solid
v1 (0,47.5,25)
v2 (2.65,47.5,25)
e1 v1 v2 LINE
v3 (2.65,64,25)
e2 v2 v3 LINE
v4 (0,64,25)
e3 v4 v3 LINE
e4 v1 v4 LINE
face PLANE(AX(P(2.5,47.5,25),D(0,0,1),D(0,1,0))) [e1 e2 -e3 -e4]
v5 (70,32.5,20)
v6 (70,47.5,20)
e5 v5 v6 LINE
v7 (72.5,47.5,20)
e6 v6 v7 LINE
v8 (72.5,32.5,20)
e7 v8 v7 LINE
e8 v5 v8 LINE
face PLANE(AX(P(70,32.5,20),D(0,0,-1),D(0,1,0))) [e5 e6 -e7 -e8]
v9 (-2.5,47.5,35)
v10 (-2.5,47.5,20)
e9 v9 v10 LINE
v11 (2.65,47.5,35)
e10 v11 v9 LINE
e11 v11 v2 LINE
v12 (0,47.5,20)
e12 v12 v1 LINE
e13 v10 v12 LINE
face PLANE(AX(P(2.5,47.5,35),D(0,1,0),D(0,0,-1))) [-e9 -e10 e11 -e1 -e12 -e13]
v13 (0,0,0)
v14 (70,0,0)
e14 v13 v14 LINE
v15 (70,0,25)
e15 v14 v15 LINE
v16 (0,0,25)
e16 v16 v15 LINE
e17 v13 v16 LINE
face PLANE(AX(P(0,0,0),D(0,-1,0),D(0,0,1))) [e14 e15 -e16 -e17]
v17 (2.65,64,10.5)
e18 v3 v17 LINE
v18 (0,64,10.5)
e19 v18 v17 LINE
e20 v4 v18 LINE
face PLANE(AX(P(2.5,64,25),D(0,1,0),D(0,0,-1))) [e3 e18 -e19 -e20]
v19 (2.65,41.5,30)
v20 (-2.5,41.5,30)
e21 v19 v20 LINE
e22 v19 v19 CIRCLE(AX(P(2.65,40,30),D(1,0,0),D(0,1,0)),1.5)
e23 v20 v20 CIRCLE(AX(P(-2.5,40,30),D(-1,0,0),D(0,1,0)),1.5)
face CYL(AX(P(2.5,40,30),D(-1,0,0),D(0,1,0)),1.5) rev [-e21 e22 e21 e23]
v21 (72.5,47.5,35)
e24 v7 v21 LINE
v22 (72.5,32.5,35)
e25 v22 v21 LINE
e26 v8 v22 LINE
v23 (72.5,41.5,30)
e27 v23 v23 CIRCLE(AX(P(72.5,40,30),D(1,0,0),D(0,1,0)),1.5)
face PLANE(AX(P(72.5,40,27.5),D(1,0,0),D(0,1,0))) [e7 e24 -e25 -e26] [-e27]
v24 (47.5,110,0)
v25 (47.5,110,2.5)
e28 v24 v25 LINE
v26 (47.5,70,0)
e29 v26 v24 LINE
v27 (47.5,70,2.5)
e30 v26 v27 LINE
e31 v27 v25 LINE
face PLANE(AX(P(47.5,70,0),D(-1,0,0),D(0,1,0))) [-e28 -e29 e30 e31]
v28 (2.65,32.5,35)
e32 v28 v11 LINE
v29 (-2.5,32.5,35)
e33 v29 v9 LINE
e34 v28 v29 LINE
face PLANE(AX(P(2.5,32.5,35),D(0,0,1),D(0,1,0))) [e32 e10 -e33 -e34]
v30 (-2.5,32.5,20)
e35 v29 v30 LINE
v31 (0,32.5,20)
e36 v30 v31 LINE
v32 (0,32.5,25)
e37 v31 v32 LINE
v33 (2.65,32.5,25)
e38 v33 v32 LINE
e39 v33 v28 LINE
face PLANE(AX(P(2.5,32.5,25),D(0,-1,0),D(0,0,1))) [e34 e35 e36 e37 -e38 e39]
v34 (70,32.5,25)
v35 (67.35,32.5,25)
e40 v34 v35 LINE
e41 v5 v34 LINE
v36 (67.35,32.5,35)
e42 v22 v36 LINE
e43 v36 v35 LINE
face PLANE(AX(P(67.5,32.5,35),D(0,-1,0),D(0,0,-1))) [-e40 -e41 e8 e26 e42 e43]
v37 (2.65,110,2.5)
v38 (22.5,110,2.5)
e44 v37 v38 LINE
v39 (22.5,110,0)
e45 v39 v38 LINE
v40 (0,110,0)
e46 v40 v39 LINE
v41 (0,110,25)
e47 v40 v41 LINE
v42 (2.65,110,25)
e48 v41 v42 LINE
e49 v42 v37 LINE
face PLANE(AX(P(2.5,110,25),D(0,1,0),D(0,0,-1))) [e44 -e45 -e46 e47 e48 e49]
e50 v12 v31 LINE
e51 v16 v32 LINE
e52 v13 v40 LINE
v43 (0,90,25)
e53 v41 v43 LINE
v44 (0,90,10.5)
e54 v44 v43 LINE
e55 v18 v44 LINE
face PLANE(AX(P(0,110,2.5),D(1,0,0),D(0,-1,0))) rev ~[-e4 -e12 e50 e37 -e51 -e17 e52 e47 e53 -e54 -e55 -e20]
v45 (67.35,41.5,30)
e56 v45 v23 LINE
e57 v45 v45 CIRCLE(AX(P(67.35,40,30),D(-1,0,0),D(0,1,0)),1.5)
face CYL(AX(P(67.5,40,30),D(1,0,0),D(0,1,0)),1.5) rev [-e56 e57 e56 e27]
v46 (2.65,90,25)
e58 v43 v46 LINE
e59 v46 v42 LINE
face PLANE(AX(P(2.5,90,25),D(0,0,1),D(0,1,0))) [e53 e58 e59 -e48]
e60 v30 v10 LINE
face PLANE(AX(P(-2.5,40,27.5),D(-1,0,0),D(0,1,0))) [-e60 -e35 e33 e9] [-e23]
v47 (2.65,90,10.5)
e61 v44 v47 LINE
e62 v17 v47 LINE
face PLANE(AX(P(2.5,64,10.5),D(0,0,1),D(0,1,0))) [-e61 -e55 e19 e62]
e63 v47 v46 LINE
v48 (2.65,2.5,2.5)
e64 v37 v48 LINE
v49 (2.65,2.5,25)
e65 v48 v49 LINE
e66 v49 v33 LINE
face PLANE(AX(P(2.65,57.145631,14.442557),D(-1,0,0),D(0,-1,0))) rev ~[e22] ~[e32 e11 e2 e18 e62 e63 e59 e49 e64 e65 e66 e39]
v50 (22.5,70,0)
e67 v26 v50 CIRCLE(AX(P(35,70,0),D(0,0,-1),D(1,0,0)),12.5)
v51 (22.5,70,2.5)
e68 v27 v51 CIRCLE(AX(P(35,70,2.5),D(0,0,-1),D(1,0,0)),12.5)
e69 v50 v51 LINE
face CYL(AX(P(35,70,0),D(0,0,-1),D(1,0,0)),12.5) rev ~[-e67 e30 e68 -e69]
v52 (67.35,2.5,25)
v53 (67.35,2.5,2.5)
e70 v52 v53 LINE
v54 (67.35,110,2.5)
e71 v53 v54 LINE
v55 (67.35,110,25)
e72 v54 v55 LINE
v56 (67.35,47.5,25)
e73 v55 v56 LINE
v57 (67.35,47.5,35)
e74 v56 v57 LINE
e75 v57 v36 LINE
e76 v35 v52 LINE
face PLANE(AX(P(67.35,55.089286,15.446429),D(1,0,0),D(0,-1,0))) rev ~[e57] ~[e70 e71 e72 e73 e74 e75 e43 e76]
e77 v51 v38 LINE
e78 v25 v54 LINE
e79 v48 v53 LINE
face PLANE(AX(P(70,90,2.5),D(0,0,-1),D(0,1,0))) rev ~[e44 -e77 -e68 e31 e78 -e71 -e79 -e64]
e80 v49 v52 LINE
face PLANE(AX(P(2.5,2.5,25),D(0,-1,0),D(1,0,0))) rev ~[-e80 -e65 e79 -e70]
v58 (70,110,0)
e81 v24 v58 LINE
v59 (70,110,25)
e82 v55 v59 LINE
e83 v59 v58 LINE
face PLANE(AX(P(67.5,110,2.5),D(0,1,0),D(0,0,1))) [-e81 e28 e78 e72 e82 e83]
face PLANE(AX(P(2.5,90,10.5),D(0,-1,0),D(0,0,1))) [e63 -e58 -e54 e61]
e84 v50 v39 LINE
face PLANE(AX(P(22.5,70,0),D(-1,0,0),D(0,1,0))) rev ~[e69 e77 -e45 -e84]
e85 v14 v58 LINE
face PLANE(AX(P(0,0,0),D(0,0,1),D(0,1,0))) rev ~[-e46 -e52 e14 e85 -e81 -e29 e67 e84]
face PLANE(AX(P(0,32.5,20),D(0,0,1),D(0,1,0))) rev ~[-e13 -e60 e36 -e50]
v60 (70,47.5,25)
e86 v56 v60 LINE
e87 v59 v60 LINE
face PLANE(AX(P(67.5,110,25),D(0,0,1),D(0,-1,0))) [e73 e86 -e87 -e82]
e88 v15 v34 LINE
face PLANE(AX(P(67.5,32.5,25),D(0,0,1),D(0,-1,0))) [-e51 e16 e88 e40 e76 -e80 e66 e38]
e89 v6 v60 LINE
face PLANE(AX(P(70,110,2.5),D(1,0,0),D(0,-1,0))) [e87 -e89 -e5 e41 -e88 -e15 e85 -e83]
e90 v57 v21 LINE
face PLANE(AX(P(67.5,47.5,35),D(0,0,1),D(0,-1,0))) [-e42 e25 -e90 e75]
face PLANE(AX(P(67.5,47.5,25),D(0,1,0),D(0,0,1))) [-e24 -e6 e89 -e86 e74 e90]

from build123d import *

# Parameters (mm, degrees)
SKETCH_W        = 110
SKETCH_H        = 25
PAD_DEPTH       = 70
POCKET_DEPTH    = 22.5
SKETCH002_W     = 20
SKETCH002_H     = 22.5
POCKET001_DEPTH = 70.001
SKETCH003_W     = 15
SKETCH003_H     = 15
SKETCH003_R     = 1.5
PAD001_DEPTH    = 2.5
SKETCH004_W     = 15
SKETCH004_H     = 15
SKETCH004_R     = 1.5
PAD002_DEPTH    = 2.5
POCKET002_DEPTH = 2.5
SKETCH006_W     = 26
SKETCH006_H     = 14.5
POCKET003_DEPTH = 2.5
SKETCH007_W     = 20
SKETCH007_H     = 2.5
PAD003_DEPTH    = 22.5
SKETCH008_W     = 20
SKETCH008_H     = 2.5
PAD004_DEPTH    = 22.5
SKETCH009_R     = 1.5
PAD005_DEPTH    = 0.15
SKETCH010_R     = 1.5
PAD006_DEPTH    = 0.15


with BuildPart() as part:
    # Sketch → Pad (new body)
    with BuildSketch(Plane.YZ):
        with Locations((55, 12.5)):
            Rectangle(SKETCH_W, SKETCH_H)
    extrude(amount=PAD_DEPTH)

    # Sketch001 (on Face3 of Pad) → Pocket (cut)
    with BuildSketch(Plane(origin=(0, 0, 25), x_dir=(0, -1, 0), z_dir=(0, 0, 1))):
        Polygon((-107.5, 2.5), (-2.5, 2.5), (-2.5, 67.5), (-107.5, 67.5), (-110, 67.5), (-110, 2.5), align=None)
    extrude(amount=-POCKET_DEPTH, mode=Mode.SUBTRACT)

    # Sketch002 (on Face5 of Pocket) → Pocket001 (cut, through all)
    with BuildSketch(Plane.YZ.offset(70)):
        with Locations((100, 13.75)):
            Rectangle(SKETCH002_W, SKETCH002_H)
    extrude(amount=-POCKET001_DEPTH, mode=Mode.SUBTRACT)

    # Sketch003 (on Face5 of Pocket001) → Pad001 (join, symmetric)
    with BuildSketch(Plane.YZ.offset(70)):
        with Locations((40, 27.5)):
            Rectangle(SKETCH003_W, SKETCH003_H)
        with Locations((40, 30)):
            Circle(SKETCH003_R, mode=Mode.SUBTRACT)
    extrude(amount=PAD001_DEPTH, both=True)

    # Sketch004 (on Face4 of Pad001) → Pad002 (join, symmetric)
    with BuildSketch(Plane(origin=(0, 0, 0), x_dir=(0, 1, 0), z_dir=(-1, 0, 0))):
        with Locations((40, -27.5)):
            Rectangle(SKETCH004_W, SKETCH004_H)
        with Locations((40, -30)):
            Circle(SKETCH004_R, mode=Mode.SUBTRACT)
    extrude(amount=PAD002_DEPTH, both=True)

    # Sketch005 → Pocket002 (cut)
    with BuildSketch(Plane.YX):
        with BuildLine():
            ThreePointArc((70, 47.5), (57.5, 35), (70, 22.5))
            Line((70, 22.5), (110, 22.5))
            ThreePointArc((110, 22.5), (122.5, 35), (110, 47.5))
            Line((70, 47.5), (110, 47.5))
        make_face()
    extrude(amount=-POCKET002_DEPTH, mode=Mode.SUBTRACT)

    # Sketch006 (on Face2 of Pocket002) → Pocket003 (cut)
    with BuildSketch(Plane(origin=(0, 0, 0), x_dir=(0, 1, 0), z_dir=(-1, 0, 0))):
        with Locations((77, -17.75)):
            Rectangle(SKETCH006_W, SKETCH006_H)
    extrude(amount=-POCKET003_DEPTH, mode=Mode.SUBTRACT)

    # Sketch007 (on Face17 of Pocket003) → Pad003 (join)
    with BuildSketch(Plane(origin=(0, 0, 2.5), x_dir=(0, -1, 0), z_dir=(0, 0, 1))):
        with Locations((-100, 1.25)):
            Rectangle(SKETCH007_W, SKETCH007_H)
    extrude(amount=PAD003_DEPTH)

    # Sketch008 (on Face15 of Pad003) → Pad004 (join)
    with BuildSketch(Plane(origin=(0, 0, 2.5), x_dir=(0, -1, 0), z_dir=(0, 0, 1))):
        with Locations((-100, 68.75)):
            Rectangle(SKETCH008_W, SKETCH008_H)
    extrude(amount=PAD004_DEPTH)

    # Sketch009 (on Face17 of Pad004) → Pad005 (join)
    with BuildSketch(Plane.YZ.offset(2.5)):
        Polygon((110, 25), (110, 2.5), (2.5, 2.5), (2.5, 25), (32.5, 25), (32.5, 35), (47.5, 35), (47.5, 25), (64, 25), (64, 10.5), (90, 10.5), (90, 25), align=None)
        with Locations((40, 30)):
            Circle(SKETCH009_R, mode=Mode.SUBTRACT)
    extrude(amount=PAD005_DEPTH)

    # Sketch010 (on Face11 of Pad005) → Pad006 (join)
    with BuildSketch(Plane(origin=(67.5, 0, 0), x_dir=(0, 1, 0), z_dir=(-1, 0, 0))):
        Polygon((2.5, -2.5), (110, -2.5), (110, -25), (47.5, -25), (47.5, -35), (32.5, -35), (32.5, -25), (2.5, -25), align=None)
        with Locations((40, -30)):
            Circle(SKETCH010_R, mode=Mode.SUBTRACT)
    extrude(amount=PAD006_DEPTH)


solid = part.part
